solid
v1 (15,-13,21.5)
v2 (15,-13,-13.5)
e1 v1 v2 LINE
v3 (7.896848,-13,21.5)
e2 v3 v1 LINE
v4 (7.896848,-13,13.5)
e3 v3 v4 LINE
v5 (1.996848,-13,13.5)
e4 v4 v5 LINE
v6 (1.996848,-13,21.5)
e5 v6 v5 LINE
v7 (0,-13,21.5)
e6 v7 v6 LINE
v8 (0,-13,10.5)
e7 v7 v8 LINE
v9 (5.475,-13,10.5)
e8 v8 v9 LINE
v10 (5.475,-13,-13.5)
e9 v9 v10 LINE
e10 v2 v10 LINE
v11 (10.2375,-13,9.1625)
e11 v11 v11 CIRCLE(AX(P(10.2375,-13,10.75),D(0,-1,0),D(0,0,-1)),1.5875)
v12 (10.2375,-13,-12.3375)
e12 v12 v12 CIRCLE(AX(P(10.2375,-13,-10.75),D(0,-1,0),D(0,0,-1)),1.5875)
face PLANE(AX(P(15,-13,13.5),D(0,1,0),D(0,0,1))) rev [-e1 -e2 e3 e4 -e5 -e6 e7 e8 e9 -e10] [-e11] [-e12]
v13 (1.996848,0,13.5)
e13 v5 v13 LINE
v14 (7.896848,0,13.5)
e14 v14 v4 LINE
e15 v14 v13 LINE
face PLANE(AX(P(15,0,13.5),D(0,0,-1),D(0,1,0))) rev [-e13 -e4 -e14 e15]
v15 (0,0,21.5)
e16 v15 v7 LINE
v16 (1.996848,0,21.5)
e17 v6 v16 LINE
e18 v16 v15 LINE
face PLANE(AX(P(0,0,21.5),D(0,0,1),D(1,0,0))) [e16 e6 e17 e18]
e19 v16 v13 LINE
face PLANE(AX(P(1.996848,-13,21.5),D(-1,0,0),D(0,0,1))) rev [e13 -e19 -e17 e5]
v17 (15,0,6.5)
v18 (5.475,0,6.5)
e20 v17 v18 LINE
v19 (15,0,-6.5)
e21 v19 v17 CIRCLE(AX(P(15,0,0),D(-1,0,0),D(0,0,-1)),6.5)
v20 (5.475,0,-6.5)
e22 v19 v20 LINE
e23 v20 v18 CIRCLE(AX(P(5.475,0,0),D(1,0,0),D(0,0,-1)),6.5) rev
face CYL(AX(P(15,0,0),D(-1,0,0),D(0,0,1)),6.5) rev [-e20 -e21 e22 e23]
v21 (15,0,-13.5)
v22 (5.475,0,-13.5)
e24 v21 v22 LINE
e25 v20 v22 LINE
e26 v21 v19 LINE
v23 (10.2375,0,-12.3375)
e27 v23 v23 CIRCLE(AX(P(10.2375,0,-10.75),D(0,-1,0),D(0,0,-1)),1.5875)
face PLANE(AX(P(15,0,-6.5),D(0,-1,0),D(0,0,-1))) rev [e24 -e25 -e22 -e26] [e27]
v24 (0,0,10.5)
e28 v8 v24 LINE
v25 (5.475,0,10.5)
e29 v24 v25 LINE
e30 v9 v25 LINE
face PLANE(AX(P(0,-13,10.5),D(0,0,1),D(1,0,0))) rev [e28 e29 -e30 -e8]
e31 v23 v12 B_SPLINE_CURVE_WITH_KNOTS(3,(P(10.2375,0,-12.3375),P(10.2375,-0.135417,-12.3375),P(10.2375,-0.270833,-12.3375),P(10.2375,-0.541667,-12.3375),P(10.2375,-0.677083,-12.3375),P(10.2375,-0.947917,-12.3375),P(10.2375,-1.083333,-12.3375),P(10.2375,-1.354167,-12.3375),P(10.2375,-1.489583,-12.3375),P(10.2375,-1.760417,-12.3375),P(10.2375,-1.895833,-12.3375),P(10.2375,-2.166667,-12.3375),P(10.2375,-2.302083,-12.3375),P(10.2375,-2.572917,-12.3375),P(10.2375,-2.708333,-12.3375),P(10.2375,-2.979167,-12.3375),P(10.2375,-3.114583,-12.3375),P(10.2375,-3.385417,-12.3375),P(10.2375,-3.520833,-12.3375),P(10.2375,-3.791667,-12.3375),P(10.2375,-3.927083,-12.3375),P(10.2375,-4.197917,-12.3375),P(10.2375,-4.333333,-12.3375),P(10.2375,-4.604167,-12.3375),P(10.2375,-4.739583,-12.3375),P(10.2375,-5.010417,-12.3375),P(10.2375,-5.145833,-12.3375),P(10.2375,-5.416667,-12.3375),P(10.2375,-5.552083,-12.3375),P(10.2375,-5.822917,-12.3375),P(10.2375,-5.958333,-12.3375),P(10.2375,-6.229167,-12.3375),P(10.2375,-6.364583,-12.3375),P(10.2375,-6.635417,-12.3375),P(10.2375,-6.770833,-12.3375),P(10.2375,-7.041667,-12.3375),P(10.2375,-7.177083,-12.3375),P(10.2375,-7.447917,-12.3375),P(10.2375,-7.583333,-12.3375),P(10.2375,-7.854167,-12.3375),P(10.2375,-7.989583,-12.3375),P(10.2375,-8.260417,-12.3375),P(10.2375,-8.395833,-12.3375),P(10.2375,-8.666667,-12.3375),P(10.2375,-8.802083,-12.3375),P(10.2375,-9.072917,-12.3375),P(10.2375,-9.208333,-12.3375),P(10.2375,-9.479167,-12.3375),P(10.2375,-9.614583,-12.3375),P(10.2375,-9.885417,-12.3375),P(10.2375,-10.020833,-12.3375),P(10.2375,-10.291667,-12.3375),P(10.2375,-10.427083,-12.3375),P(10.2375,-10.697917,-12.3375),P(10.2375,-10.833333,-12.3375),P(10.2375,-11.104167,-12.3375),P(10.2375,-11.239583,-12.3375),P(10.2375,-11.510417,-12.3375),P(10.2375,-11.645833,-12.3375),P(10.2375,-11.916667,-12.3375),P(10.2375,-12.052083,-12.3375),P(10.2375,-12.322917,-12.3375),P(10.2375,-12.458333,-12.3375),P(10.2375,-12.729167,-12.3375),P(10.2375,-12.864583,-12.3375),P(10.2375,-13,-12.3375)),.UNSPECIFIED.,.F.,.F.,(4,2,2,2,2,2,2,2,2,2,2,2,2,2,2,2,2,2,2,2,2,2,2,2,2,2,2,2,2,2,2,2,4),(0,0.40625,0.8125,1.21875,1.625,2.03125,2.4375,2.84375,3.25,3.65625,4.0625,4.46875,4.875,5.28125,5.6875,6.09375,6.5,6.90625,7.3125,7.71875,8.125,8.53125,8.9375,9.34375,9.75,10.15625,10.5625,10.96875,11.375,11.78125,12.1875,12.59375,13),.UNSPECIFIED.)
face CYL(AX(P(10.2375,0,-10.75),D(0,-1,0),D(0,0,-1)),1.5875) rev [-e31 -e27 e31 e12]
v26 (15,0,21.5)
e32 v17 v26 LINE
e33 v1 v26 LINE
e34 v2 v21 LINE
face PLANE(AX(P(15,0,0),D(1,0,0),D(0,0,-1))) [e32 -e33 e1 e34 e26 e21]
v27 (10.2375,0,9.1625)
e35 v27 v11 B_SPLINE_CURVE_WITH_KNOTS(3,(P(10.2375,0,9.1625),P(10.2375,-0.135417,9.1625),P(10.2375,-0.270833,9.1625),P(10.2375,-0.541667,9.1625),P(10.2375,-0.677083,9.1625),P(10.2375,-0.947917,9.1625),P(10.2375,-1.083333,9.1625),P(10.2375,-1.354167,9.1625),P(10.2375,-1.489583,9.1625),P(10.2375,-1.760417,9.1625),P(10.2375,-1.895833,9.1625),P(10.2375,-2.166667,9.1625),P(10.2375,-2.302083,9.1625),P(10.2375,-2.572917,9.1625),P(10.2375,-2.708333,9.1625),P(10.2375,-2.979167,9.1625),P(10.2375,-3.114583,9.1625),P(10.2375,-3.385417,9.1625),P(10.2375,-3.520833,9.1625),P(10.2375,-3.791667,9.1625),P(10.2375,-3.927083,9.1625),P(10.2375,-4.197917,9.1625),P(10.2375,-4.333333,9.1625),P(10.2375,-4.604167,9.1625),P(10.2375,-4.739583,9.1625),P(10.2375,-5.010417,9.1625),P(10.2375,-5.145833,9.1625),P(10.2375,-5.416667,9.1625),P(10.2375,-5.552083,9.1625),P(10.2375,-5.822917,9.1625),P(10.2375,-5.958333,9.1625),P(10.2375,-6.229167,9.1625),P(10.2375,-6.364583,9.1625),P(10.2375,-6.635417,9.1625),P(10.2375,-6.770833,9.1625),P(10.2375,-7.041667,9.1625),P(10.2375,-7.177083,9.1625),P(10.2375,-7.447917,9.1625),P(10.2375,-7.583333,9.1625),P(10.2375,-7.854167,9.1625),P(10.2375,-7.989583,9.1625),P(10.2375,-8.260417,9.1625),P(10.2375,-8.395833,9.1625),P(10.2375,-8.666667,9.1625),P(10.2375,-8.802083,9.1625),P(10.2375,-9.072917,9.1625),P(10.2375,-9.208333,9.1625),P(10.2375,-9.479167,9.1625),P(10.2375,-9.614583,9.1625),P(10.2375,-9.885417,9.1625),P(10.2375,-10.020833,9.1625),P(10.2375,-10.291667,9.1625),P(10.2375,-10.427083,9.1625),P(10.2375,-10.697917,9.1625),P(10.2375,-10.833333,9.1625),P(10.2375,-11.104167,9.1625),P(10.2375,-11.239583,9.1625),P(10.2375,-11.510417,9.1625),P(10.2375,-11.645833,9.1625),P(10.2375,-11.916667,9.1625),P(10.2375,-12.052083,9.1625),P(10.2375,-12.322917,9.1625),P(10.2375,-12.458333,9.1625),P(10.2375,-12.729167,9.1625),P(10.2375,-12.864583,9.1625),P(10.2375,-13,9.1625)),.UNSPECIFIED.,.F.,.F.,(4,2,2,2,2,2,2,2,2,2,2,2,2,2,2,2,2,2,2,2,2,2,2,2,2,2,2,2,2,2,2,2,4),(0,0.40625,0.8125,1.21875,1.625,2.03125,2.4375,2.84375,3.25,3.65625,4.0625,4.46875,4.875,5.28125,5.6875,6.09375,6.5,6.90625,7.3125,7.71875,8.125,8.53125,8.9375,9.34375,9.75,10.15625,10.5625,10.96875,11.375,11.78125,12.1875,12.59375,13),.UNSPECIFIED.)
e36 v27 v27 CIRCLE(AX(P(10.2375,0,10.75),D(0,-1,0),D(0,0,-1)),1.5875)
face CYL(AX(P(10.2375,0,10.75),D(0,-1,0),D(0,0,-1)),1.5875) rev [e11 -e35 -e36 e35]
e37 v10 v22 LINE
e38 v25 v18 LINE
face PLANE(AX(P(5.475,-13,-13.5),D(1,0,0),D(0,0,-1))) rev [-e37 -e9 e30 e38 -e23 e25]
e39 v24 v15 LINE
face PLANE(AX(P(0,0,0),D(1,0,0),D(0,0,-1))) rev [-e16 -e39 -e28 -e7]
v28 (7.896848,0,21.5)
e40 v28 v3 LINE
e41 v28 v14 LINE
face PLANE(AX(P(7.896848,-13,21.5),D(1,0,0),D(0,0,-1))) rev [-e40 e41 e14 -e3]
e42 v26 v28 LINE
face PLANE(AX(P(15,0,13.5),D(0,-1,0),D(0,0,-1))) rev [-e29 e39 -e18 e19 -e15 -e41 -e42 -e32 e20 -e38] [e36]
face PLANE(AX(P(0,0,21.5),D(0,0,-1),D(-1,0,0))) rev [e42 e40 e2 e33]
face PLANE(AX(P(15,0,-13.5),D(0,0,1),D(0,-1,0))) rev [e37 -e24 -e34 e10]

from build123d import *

# Parameters (mm, degrees)
BOSS_EXTRUDE1_DEPTH = 15
SKETCH4_R           = 1.5875
CUT_EXTRUDE2_DEPTH  = 25.005207768
SKETCH6_W           = 7.103151839
SKETCH6_H           = 13
SKETCH6_W_2         = 1.996848161
BOSS_EXTRUDE2_DEPTH = 8
SKETCH7_W           = 5.475
SKETCH7_H           = 24
CUT_EXTRUDE3_DEPTH  = 30.261749777


with BuildPart() as part:
    # Sketch1 → Boss-Extrude1 (new body)
    with BuildSketch(Plane(origin=(0, 0, 0), x_dir=(0, 0, -1), z_dir=(1, 0, 0))):
        with BuildLine():
            Line((6.5, 0), (13.5, 0))
            Line((13.5, 0), (13.5, -13))
            Line((13.5, -13), (-13.5, -13))
            Line((-13.5, -13), (-13.5, 0))
            Line((-13.5, 0), (-6.5, 0))
            ThreePointArc((-6.5, 0), (0, -6.5), (6.5, 0))
        make_face()
    extrude(amount=BOSS_EXTRUDE1_DEPTH)

    # Sketch4 → Cut-Extrude2 (cut, through all)
    with BuildSketch(Plane.XZ.offset(13)):
        with Locations(Location((10.2375, -10.75, 0), (0, 0, 270))):
            Circle(SKETCH4_R)
        with Locations(Location((10.2375, 10.75, 0), (0, 0, 270))):
            Circle(SKETCH4_R)
    extrude(amount=-CUT_EXTRUDE2_DEPTH, mode=Mode.SUBTRACT)

    # Sketch6 → Boss-Extrude2 (add)
    with BuildSketch(Plane.XY.offset(13.5)):
        with Locations((11.448424081, -6.5)):
            Rectangle(SKETCH6_W, SKETCH6_H)
        with Locations((0.998424081, -6.5)):
            Rectangle(SKETCH6_W_2, SKETCH6_H)
    extrude(amount=BOSS_EXTRUDE2_DEPTH)

    # Sketch7 → Cut-Extrude3 (cut, through all)
    with BuildSketch(Plane(origin=(0, 0, 0), x_dir=(1, 0, 0), z_dir=(0, 1, 0))):
        with Locations((2.7375, 1.5)):
            Rectangle(SKETCH7_W, SKETCH7_H)
    extrude(amount=-CUT_EXTRUDE3_DEPTH, mode=Mode.SUBTRACT)


solid = part.part
